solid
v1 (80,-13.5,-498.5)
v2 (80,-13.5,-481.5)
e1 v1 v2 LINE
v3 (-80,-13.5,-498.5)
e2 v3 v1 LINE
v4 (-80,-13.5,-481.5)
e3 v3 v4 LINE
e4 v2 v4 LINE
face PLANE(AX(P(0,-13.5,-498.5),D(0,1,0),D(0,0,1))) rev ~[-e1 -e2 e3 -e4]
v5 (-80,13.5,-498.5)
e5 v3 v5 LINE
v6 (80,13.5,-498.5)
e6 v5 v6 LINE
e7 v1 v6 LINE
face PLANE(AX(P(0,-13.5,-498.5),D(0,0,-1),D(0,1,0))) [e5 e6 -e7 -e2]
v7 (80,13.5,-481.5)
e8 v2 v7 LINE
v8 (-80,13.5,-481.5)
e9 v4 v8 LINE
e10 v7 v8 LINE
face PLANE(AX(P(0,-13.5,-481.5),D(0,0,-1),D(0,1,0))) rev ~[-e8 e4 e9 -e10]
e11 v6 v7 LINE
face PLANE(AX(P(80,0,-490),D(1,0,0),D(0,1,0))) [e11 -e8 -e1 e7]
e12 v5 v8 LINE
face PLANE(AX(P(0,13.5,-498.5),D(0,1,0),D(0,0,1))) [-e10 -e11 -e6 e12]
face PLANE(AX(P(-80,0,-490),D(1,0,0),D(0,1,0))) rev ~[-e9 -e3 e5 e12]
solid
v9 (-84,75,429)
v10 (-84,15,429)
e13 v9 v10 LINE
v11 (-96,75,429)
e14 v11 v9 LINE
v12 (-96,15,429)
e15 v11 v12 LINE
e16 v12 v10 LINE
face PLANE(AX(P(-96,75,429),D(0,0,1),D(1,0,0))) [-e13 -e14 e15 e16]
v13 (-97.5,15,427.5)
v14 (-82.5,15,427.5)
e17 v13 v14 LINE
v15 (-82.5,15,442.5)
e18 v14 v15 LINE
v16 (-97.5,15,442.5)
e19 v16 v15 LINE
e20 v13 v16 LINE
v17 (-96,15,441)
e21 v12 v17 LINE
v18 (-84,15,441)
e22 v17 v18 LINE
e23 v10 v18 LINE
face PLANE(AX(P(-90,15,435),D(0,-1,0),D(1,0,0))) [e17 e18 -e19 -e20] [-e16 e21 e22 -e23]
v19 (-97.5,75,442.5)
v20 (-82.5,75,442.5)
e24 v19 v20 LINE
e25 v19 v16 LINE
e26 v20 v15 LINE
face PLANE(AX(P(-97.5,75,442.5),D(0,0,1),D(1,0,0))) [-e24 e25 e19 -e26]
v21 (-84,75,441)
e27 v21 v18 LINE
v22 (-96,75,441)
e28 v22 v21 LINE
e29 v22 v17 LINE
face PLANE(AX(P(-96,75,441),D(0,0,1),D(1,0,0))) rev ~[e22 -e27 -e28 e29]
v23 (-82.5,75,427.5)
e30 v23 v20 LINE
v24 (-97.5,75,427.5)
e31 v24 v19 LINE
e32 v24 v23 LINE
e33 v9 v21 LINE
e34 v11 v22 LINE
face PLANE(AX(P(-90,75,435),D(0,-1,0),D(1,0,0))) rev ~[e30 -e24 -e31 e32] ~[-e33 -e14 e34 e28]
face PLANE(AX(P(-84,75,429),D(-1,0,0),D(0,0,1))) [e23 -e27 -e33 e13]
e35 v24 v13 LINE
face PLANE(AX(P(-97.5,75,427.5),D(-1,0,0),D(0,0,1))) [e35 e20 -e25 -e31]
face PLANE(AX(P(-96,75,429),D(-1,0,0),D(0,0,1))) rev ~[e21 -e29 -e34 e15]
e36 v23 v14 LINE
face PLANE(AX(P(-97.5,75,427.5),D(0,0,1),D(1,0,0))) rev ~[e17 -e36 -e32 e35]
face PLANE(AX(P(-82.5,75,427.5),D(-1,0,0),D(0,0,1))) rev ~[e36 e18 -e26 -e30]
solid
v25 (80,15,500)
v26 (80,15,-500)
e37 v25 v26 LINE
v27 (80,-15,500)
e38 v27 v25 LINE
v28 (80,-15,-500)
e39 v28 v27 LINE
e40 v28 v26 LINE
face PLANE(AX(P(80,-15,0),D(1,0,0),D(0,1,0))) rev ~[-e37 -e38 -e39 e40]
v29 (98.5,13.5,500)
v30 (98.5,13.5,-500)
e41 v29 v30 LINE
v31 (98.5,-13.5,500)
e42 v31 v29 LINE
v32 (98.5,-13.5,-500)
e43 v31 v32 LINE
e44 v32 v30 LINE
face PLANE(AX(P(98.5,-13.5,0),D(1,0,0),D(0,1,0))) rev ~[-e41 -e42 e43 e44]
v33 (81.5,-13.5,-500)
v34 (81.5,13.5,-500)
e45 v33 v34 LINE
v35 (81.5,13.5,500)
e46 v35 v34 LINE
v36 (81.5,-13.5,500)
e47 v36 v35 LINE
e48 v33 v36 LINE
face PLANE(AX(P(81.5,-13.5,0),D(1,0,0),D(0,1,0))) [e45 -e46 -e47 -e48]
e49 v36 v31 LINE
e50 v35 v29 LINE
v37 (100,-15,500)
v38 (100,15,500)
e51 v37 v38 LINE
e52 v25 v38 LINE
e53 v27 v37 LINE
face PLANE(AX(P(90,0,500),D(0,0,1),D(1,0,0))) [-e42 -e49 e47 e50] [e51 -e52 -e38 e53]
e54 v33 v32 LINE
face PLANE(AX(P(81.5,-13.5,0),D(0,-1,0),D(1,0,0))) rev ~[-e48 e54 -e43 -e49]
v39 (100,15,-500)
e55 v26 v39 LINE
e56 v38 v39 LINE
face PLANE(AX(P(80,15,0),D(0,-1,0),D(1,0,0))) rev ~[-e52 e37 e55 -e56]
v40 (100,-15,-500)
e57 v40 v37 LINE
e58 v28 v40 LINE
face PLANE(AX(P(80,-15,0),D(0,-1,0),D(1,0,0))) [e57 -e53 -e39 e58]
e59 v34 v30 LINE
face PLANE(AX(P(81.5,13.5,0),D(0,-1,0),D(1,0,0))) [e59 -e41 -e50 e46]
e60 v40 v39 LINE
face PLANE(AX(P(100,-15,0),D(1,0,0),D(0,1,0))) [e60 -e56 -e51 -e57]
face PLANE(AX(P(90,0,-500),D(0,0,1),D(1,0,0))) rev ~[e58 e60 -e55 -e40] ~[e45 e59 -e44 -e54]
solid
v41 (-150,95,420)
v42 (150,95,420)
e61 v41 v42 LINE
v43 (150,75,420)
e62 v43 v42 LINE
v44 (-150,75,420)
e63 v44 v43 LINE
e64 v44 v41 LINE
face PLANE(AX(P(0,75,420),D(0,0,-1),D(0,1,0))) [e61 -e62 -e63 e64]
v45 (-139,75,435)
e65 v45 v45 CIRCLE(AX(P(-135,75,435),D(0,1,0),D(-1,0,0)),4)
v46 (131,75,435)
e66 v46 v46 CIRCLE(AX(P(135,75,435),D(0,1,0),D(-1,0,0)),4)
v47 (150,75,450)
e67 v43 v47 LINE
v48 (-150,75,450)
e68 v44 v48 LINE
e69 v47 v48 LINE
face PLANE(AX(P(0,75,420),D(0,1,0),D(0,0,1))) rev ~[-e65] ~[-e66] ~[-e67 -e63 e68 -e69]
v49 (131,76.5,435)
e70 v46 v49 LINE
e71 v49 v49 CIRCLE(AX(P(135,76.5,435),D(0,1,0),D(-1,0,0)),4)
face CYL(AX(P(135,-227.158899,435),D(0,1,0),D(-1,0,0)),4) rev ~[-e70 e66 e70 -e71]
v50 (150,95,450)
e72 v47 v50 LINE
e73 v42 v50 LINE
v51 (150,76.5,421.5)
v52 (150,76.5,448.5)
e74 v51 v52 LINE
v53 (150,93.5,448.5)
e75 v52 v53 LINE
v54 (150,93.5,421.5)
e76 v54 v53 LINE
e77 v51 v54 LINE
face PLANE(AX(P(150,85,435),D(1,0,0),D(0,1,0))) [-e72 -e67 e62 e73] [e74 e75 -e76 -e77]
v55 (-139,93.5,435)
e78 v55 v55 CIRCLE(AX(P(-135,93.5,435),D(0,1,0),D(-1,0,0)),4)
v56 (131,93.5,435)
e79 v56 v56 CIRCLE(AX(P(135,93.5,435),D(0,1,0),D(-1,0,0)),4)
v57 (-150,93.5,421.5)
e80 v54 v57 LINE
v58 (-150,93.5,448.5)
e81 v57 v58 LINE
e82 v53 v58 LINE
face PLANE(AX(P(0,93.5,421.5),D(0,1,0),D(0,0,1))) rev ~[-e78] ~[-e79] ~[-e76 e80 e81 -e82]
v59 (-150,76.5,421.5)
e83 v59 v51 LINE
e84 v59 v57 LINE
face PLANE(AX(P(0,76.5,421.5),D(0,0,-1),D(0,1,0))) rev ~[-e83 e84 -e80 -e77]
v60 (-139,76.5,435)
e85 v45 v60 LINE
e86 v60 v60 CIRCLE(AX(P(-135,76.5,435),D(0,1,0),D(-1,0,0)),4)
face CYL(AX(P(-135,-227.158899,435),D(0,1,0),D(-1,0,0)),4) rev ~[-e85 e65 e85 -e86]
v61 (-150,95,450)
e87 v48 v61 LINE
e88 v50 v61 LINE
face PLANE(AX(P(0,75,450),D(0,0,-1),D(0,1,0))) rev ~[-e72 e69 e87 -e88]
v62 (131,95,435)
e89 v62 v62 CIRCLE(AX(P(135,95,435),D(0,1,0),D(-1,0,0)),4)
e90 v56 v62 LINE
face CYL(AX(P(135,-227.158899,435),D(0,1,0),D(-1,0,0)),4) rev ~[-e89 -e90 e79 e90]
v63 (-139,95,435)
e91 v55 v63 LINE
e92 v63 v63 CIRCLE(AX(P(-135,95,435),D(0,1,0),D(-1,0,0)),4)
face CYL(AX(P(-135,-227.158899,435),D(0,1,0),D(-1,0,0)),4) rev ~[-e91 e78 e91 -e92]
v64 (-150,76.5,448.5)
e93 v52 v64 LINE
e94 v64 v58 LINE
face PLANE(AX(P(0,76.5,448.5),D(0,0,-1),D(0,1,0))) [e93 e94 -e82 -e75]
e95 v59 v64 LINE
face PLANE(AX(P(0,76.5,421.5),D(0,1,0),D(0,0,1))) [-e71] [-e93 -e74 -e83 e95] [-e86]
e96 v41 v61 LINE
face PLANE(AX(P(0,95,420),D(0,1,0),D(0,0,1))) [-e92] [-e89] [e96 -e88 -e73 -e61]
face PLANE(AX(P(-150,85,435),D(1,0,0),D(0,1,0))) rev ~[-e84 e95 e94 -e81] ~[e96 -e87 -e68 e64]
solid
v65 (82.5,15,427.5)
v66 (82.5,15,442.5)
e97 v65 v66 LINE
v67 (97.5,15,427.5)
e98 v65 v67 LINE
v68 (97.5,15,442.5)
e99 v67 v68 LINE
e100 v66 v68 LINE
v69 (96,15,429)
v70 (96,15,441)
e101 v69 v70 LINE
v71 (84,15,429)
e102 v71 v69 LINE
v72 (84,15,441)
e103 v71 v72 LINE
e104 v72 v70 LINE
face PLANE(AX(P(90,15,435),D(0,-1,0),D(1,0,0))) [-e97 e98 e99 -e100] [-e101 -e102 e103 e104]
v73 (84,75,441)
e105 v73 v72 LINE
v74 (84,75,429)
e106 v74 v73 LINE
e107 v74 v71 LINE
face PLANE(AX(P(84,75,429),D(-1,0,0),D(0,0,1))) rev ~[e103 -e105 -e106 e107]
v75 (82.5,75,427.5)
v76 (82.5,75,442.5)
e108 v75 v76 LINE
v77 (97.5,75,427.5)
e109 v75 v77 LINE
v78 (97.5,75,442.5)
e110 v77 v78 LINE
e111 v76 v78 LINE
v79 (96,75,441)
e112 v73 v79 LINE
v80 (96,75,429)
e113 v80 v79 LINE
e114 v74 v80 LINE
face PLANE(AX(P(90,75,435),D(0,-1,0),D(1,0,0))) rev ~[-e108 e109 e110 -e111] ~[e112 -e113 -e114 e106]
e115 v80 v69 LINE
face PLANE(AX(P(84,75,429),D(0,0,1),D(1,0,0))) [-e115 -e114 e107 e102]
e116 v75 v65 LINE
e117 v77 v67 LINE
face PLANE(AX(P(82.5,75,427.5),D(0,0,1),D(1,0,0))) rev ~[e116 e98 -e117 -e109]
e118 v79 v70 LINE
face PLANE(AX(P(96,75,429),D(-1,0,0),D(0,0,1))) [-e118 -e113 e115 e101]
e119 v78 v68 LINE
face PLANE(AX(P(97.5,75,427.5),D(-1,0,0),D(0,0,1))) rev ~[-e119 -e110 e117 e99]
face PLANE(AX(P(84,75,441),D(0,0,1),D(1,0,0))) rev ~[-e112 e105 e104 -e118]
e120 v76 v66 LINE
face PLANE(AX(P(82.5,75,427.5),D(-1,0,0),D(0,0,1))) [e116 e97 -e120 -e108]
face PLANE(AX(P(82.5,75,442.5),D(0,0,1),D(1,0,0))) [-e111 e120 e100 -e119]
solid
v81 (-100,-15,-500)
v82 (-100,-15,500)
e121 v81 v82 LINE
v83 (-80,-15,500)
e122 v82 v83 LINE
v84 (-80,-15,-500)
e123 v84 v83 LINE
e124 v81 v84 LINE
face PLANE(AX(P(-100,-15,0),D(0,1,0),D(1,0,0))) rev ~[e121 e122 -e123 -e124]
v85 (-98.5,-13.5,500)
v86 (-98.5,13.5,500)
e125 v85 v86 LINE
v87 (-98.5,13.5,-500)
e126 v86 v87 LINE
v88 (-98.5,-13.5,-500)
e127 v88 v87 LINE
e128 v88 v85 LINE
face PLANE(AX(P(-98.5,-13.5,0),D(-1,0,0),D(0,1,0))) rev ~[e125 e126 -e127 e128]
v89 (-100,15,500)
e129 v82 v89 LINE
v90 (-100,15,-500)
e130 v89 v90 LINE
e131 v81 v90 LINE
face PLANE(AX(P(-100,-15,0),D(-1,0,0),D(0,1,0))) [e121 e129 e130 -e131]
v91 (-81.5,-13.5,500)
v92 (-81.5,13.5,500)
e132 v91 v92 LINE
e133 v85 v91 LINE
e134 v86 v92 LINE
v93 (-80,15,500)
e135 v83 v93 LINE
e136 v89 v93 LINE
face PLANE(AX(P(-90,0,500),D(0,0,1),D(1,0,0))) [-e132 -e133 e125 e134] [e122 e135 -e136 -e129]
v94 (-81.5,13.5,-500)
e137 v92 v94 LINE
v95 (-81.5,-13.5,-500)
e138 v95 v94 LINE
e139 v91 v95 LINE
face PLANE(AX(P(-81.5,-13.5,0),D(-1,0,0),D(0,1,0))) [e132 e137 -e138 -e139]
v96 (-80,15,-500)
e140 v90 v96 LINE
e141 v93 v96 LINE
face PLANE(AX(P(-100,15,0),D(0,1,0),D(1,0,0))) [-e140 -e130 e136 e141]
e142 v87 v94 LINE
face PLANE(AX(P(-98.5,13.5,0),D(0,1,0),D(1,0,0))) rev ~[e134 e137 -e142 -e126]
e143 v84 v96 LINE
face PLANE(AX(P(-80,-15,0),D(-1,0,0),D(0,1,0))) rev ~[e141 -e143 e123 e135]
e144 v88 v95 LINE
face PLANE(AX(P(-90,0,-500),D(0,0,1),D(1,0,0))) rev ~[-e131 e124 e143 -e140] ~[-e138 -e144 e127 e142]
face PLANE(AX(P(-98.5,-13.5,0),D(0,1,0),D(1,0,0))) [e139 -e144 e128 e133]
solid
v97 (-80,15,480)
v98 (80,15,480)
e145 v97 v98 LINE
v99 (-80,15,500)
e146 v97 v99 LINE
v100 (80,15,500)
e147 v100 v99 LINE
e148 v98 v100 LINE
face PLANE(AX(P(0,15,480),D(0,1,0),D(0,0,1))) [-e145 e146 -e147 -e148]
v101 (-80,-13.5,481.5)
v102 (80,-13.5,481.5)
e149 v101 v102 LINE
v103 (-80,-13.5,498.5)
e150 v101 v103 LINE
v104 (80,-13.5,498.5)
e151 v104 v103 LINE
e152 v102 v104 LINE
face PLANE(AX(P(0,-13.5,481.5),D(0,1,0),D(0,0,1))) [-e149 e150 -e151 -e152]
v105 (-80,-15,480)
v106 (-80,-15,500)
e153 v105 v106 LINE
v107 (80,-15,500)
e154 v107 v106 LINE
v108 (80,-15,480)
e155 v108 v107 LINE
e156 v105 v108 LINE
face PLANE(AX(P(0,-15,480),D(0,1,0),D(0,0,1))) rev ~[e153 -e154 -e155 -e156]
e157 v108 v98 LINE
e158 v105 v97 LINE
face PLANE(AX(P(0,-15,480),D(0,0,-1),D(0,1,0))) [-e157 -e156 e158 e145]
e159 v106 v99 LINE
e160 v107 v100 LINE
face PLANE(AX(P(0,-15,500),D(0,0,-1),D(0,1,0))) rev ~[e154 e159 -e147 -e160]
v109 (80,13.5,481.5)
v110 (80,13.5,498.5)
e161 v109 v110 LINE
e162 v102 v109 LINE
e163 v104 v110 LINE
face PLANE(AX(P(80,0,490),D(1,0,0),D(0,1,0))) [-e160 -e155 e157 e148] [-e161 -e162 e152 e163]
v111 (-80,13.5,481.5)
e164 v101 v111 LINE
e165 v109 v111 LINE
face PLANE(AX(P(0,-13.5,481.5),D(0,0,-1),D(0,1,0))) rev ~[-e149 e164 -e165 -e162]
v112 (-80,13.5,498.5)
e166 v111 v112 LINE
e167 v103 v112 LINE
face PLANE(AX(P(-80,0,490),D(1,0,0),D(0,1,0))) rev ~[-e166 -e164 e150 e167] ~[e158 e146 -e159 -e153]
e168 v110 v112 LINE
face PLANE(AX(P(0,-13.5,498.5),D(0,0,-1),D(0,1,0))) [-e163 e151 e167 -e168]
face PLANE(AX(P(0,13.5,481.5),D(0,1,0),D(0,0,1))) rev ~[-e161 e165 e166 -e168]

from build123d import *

# Parameters (mm, degrees)
F0_W          = 20
F0_H          = 30
F0_W_2        = 17
F0_H_2        = 27
F1_DEPTH      = 500
F2_W          = 30
F2_H          = 20
F2_W_2        = 27
F2_H_2        = 17
F3_DEPTH      = 80
F3_DEPTH_BACK = 80
F4_W          = 20
F4_H          = 30
F4_W_2        = 17
F4_H_2        = 27
F5_DEPTH      = 150
F6_W          = 15
F6_H          = 15
F6_W_2        = 12
F6_H_2        = 12
F7_DEPTH      = 60
F9_D          = 8


with BuildPart() as f1:
    # F0 (on Top) → F1 (new body, symmetric)
    with BuildSketch(Plane.XY):
        with Locations((-90, 0)):
            Rectangle(F0_W, F0_H)
        with Locations((-90, 0)):
            Rectangle(F0_W_2, F0_H_2, mode=Mode.SUBTRACT)
        with Locations((90, 0)):
            Rectangle(F0_W, F0_H)
        with Locations((90, 0)):
            Rectangle(F0_W_2, F0_H_2, mode=Mode.SUBTRACT)
    extrude(amount=F1_DEPTH, both=True)


with BuildPart() as f3:
    # F2 (on Right) → F3 (new body, two sides)
    with BuildSketch(Plane.YZ) as f3_sk:
        with Locations((0, 490)):
            Rectangle(F2_W, F2_H)
        with Locations((0, 490)):
            Rectangle(F2_W_2, F2_H_2, mode=Mode.SUBTRACT)
        with Locations((0, -490)):
            Rectangle(F2_W_2, F2_H_2)
    extrude(amount=F3_DEPTH)
    extrude(f3_sk.sketch, amount=-F3_DEPTH_BACK)


with BuildPart() as f5:
    # F4 (on Right) → F5 (new body, symmetric)
    with BuildSketch(Plane.YZ):
        with Locations((85, 435)):
            Rectangle(F4_W, F4_H)
        with Locations((85, 435)):
            Rectangle(F4_W_2, F4_H_2, mode=Mode.SUBTRACT)
    extrude(amount=F5_DEPTH, both=True)

    # F9 (through all)
    with Locations(Plane.XZ.offset(-75)):
        with Locations((135, 435), (-135, 435)):
            Hole(F9_D / 2)


with BuildPart() as f7:
    # F6 (on face) → F7 (new body, through all)
    with BuildSketch(Plane.XZ.offset(-75)):
        with Locations((90, 435)):
            Rectangle(F6_W, F6_H)
        with Locations((90, 435)):
            Rectangle(F6_W_2, F6_H_2, mode=Mode.SUBTRACT)
        with Locations((-90, 435)):
            Rectangle(F6_W, F6_H)
        with Locations((-90, 435)):
            Rectangle(F6_W_2, F6_H_2, mode=Mode.SUBTRACT)
    extrude(amount=F7_DEPTH)


solid = Compound([f1.part, f3.part, f5.part, f7.part])
